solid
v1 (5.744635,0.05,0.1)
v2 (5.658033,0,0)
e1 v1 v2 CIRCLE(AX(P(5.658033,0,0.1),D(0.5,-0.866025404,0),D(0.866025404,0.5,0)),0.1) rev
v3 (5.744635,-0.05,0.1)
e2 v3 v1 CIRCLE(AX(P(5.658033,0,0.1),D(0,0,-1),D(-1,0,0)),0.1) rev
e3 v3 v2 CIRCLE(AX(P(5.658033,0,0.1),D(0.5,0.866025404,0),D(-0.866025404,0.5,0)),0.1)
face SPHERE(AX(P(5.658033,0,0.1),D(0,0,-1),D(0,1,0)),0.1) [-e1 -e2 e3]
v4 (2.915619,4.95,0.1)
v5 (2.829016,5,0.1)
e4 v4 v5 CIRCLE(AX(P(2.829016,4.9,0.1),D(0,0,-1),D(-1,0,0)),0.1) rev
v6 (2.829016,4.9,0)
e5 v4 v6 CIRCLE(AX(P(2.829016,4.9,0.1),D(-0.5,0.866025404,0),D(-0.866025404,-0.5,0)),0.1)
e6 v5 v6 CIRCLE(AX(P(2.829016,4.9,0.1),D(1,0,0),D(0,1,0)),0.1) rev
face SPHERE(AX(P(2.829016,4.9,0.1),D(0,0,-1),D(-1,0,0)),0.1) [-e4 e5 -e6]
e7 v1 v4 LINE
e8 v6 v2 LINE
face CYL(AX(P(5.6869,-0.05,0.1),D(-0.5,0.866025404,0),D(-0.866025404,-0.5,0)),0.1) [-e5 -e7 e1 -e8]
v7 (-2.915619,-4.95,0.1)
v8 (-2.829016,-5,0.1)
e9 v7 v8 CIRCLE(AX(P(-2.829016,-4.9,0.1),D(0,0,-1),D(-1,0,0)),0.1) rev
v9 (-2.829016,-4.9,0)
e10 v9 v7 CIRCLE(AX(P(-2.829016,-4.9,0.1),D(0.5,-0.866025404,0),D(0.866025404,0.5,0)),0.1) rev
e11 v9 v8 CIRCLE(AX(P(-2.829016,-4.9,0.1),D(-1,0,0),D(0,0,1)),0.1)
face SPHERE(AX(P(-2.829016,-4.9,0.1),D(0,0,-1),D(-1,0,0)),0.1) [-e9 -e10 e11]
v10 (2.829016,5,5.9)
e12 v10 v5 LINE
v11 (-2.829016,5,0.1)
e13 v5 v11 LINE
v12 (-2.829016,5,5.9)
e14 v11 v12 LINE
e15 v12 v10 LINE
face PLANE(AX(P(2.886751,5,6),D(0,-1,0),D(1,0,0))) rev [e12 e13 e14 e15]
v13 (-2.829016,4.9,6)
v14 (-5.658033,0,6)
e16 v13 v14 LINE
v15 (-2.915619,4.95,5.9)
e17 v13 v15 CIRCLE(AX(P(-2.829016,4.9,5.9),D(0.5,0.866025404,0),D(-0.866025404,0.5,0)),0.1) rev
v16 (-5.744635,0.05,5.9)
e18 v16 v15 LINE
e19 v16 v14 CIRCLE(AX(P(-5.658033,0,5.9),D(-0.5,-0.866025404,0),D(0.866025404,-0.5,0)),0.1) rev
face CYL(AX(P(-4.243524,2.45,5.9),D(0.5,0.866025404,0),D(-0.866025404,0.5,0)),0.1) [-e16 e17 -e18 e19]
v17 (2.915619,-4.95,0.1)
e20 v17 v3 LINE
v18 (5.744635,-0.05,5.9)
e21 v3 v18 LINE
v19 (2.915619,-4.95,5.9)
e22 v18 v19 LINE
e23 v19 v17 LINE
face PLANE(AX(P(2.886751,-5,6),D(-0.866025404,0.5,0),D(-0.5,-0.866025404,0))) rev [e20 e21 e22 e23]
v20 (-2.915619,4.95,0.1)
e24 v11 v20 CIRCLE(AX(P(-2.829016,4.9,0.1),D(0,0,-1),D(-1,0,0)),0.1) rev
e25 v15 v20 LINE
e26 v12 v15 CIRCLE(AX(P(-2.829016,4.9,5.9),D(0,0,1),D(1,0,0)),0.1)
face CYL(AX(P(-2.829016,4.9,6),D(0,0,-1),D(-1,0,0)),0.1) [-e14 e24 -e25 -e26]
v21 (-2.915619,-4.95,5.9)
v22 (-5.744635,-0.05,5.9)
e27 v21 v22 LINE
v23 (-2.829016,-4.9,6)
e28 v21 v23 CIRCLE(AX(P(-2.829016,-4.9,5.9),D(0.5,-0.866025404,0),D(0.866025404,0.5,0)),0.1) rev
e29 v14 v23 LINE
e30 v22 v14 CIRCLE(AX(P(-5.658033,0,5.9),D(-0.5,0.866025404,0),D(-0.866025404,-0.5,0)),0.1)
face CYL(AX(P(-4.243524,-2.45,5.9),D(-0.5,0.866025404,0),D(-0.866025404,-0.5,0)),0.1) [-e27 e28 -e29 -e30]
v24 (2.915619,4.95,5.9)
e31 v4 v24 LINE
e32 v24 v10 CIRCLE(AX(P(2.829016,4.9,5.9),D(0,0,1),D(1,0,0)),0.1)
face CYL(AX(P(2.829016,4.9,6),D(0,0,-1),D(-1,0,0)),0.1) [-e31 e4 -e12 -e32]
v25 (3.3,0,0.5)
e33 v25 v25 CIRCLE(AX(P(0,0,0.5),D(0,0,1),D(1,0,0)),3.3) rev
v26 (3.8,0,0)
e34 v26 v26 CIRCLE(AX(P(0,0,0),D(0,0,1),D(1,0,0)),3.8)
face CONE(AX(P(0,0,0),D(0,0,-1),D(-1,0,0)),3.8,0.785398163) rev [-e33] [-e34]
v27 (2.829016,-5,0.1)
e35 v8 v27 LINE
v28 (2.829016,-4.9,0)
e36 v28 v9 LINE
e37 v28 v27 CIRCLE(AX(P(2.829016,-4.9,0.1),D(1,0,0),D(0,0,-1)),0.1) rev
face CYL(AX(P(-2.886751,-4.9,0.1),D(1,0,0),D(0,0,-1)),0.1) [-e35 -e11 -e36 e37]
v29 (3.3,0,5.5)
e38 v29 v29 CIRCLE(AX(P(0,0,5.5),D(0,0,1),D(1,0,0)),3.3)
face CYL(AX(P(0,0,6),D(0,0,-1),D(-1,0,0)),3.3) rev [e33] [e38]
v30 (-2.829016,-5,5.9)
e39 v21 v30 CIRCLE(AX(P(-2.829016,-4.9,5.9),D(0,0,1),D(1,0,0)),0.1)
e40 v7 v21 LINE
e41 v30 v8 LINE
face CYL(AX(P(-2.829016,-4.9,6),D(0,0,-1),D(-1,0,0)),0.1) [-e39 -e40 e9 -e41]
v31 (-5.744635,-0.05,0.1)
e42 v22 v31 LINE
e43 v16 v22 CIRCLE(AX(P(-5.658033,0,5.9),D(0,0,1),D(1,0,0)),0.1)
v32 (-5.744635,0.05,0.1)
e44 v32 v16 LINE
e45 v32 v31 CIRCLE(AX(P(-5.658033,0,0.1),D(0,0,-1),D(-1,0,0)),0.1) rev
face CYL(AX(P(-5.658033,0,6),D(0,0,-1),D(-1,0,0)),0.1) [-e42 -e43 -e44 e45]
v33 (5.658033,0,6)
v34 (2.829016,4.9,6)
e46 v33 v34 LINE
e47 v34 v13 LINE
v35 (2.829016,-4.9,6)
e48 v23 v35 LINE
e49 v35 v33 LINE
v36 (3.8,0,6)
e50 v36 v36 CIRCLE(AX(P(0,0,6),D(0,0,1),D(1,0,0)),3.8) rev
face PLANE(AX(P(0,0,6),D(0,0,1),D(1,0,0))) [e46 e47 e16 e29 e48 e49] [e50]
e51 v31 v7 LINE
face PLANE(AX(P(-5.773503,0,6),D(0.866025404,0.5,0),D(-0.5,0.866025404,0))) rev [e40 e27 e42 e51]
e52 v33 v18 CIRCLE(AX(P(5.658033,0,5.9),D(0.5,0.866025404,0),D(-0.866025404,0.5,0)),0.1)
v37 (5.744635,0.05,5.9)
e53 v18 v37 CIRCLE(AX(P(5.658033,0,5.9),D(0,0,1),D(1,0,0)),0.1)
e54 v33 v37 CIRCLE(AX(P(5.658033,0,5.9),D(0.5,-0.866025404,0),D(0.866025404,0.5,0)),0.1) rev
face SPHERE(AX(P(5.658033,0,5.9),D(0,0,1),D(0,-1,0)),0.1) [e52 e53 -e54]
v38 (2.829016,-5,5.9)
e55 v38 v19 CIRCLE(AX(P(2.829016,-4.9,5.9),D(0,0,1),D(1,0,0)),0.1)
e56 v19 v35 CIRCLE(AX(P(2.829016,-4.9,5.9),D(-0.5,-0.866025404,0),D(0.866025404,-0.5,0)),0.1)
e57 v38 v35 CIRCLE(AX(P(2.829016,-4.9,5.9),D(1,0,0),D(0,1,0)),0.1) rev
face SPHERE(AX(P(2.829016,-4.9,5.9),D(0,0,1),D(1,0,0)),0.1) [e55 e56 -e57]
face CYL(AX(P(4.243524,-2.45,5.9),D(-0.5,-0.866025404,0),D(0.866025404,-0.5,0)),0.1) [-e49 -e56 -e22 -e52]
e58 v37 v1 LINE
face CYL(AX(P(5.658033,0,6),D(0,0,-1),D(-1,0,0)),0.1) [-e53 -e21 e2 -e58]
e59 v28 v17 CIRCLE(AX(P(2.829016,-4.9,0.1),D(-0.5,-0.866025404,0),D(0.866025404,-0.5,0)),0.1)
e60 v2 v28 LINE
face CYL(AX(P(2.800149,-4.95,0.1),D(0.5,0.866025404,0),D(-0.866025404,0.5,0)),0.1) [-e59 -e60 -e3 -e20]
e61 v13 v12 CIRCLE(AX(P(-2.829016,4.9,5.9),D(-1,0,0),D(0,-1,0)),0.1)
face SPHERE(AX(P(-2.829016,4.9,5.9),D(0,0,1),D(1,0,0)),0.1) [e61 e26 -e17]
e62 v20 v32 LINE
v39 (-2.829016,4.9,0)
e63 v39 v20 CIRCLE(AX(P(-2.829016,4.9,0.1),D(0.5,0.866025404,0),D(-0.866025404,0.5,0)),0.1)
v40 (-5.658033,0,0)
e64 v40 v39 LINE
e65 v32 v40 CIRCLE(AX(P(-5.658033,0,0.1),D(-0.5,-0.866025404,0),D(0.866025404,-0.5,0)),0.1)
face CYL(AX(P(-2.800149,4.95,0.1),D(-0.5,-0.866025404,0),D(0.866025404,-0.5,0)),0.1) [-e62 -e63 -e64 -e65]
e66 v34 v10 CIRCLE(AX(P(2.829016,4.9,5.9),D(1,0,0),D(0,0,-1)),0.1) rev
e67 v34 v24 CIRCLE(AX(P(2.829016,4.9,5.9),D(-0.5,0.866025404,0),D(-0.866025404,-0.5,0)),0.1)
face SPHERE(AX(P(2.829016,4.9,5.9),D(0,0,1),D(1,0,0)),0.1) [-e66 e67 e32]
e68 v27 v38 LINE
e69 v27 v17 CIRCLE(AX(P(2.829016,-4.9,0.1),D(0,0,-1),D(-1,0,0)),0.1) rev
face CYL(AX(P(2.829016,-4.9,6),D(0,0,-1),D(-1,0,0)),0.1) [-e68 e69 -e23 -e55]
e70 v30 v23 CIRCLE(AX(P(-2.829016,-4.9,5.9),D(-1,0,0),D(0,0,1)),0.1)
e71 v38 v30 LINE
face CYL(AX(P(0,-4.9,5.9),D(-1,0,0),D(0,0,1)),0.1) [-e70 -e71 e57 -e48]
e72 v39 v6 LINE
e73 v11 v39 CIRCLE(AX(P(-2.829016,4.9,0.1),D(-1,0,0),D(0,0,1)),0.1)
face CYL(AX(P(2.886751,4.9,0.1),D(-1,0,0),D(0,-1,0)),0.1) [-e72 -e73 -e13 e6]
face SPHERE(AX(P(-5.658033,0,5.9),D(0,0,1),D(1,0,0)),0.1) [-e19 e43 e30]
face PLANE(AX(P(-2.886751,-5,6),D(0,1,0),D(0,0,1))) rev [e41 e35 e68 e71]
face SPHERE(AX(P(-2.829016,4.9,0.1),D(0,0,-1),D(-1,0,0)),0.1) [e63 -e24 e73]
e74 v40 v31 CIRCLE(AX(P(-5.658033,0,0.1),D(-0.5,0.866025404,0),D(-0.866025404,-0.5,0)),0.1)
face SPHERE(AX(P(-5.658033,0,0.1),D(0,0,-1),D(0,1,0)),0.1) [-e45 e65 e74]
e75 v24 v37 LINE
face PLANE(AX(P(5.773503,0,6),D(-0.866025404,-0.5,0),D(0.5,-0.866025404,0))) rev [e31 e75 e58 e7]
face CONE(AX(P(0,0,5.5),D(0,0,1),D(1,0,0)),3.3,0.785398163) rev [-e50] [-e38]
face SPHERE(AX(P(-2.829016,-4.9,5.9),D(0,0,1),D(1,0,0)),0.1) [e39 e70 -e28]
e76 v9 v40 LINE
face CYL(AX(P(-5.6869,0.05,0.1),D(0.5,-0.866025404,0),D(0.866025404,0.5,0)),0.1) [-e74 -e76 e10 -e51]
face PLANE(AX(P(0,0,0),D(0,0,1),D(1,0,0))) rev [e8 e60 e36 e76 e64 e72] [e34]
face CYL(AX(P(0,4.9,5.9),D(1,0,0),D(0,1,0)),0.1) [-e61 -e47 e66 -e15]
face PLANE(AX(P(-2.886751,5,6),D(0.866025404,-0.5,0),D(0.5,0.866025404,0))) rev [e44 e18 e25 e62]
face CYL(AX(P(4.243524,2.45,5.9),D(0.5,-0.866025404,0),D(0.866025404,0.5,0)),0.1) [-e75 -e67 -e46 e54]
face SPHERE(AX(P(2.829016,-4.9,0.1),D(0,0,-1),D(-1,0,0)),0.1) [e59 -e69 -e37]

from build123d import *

# Parameters (mm, degrees)
SKETCH1_R           = 3.3
BOSS_EXTRUDE1_DEPTH = 6
FILLET1_R           = 0.1
CHAMFER1_SIZE       = 0.5


with BuildPart() as part:
    # Sketch1 → Boss-Extrude1 (new body)
    with BuildSketch(Plane.XY):
        Polygon((-2.886751346, -5), (2.886751346, -5), (5.773502692, 0), (2.886751346, 5), (-2.886751346, 5), (-5.773502692, 0), align=None)
        Circle(SKETCH1_R, mode=Mode.SUBTRACT)
    extrude(amount=BOSS_EXTRUDE1_DEPTH)

    # Fillet1
    fillet1_edges = [part.edges().sort_by_distance(p)[0] for p in [
        (-5.773502692, 0, 3),
        (-2.886751346, 5, 3),
        (2.886751346, 5, 3),
        (5.773502692, 0, 3),
        (2.886751346, -5, 3),
        (-2.886751346, -5, 3),
        (4.330127019, -2.5, 6),
        (4.330127019, 2.5, 6),
        (0, 5, 6),
        (-4.330127019, 2.5, 6),
        (-4.330127019, -2.5, 6),
        (-4.330127019, 2.5, 0),
        (0, 5, 0),
        (4.330127019, 2.5, 0),
        (4.330127019, -2.5, 0),
        (0, -5, 0),
        (-4.330127019, -2.5, 0),
        (0, -5, 6),
    ]]
    fillet(fillet1_edges, radius=FILLET1_R)

    # Chamfer1
    chamfer1_edges = [part.edges().sort_by_distance(p)[0] for p in [
        (-3.3, 0, 0),
        (-3.3, 0, 6),
    ]]
    chamfer(chamfer1_edges, length=CHAMFER1_SIZE)


solid = part.part
